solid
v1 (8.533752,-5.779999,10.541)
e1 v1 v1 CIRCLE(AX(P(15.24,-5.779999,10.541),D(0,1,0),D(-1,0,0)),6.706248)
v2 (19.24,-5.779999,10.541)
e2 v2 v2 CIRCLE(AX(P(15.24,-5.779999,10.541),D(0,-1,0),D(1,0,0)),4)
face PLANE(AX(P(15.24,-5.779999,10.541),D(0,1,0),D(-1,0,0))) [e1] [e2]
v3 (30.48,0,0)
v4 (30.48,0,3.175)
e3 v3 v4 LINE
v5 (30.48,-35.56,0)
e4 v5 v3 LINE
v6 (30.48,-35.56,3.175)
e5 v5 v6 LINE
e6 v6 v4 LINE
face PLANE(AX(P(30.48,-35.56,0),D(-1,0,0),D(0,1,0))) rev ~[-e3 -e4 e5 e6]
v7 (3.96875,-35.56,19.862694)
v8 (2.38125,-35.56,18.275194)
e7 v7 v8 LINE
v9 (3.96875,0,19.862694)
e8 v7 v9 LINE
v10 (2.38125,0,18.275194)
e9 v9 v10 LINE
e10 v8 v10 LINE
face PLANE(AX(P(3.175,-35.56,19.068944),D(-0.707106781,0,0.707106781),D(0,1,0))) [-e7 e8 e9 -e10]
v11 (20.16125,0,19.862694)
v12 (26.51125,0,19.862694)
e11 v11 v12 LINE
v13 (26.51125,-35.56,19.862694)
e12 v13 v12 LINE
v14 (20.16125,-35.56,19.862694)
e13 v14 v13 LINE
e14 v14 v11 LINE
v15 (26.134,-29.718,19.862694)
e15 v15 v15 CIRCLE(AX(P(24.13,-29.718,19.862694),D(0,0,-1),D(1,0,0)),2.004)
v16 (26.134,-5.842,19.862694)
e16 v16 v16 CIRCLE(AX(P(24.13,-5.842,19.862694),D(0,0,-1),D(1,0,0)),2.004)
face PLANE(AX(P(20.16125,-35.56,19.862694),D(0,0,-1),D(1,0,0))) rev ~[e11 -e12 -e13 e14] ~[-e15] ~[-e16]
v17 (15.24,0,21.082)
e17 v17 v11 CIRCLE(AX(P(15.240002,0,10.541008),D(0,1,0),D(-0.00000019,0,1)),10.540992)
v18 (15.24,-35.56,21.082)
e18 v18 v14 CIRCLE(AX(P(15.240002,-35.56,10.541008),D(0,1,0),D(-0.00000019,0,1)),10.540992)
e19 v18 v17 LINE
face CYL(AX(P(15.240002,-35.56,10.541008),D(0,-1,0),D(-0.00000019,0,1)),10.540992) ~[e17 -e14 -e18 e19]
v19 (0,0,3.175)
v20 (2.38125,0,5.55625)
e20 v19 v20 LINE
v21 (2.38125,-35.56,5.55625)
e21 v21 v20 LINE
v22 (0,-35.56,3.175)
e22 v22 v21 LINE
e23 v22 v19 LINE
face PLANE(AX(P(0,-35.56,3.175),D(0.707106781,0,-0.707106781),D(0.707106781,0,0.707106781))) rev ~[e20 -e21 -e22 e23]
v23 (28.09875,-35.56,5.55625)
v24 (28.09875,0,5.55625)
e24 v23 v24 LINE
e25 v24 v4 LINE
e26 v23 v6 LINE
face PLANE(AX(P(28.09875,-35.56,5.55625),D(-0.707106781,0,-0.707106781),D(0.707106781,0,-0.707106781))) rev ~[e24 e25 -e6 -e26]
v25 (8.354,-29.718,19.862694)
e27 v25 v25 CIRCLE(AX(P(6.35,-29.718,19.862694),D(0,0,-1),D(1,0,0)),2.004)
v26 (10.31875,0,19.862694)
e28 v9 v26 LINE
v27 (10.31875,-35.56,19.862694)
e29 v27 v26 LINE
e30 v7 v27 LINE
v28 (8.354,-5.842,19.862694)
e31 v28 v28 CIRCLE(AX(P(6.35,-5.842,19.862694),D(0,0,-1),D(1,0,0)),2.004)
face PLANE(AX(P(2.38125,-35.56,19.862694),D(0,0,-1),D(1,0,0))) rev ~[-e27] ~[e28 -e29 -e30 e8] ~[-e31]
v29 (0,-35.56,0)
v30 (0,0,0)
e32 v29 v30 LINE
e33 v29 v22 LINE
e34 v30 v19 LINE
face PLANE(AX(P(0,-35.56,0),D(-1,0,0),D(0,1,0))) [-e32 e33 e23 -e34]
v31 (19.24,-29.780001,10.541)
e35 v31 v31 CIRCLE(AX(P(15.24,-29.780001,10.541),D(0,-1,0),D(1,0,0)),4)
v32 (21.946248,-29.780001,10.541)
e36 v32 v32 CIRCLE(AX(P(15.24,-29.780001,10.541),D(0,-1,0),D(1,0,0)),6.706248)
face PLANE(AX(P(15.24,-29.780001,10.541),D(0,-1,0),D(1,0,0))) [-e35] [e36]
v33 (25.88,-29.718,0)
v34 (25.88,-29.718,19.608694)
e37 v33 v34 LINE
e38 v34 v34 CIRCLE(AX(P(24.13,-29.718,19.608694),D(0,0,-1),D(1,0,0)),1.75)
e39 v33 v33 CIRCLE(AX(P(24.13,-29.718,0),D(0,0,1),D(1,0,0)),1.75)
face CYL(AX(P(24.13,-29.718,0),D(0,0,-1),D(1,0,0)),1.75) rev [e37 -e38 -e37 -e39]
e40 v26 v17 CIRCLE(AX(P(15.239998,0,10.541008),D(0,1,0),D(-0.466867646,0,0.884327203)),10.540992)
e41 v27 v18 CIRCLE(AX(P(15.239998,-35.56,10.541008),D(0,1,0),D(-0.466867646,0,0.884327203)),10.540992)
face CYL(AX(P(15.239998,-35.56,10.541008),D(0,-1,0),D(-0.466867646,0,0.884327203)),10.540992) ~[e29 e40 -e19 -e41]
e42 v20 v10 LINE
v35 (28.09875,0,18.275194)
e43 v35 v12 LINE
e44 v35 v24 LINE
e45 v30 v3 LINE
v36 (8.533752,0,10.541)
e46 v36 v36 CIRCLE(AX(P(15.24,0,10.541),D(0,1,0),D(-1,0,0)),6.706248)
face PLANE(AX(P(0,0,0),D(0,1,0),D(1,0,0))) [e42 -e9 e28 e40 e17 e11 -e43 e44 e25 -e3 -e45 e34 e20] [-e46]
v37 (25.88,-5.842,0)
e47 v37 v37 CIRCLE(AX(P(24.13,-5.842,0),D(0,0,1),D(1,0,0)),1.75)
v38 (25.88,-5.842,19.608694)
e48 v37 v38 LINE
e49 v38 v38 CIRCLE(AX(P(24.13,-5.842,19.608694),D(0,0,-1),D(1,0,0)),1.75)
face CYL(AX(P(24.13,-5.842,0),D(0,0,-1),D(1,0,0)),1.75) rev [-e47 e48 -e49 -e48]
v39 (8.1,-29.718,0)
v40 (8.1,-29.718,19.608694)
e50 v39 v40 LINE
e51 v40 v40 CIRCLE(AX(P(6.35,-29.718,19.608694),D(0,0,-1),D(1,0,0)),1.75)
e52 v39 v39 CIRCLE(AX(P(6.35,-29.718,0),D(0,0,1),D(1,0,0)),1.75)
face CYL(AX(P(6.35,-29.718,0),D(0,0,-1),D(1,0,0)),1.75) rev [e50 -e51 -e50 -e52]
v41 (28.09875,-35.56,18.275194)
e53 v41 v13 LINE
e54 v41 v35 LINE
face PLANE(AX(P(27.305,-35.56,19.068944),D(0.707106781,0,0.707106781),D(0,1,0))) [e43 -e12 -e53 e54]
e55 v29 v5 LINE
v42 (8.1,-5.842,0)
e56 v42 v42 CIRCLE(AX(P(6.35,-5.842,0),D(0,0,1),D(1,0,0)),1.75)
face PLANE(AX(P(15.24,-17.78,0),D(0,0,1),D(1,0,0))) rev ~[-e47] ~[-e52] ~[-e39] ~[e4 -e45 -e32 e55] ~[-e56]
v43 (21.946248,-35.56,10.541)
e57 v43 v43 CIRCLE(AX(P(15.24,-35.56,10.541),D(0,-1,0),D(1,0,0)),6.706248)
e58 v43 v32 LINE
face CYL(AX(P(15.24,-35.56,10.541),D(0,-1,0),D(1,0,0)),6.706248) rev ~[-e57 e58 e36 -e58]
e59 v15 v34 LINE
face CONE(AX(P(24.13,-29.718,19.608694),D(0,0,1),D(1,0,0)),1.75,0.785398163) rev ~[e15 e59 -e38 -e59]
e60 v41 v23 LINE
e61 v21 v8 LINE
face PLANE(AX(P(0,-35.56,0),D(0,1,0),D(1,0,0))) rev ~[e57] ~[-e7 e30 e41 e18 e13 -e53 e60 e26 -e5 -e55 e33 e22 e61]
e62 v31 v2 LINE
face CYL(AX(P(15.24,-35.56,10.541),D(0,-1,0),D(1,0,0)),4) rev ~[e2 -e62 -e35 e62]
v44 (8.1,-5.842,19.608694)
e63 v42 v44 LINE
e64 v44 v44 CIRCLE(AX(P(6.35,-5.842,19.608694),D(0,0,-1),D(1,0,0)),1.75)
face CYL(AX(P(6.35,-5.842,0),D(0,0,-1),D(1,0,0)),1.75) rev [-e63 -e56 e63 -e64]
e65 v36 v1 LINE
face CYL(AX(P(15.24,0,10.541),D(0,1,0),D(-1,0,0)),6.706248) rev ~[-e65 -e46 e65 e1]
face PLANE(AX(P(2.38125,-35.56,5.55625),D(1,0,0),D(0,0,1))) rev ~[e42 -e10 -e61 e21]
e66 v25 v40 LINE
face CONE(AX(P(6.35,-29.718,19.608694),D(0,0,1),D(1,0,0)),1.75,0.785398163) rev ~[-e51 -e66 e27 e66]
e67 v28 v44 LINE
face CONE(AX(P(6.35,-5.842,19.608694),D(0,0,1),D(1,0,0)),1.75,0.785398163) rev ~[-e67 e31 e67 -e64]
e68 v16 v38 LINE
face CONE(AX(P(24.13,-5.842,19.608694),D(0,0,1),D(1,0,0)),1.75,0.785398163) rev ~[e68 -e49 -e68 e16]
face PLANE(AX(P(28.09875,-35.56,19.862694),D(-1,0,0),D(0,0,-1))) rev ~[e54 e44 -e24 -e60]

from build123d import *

# Parameters (mm, degrees)
F0_W     = 30.48
F0_H     = 35.56
F0_R     = 1.75
F1_DEPTH = 21.082
F2_R     = 4
F3_DEPTH = 35.56
F4_SIZE  = 1.5875
F5_SIZE  = 0.254
F6_R     = 6.706248
F7_DEPTH = 5.779999
F8_R     = 6.706248
F9_DEPTH = 5.779999


with BuildPart() as f1:
    # F0 (on Top) → F1 (new body)
    with BuildSketch(Plane.XY):
        with Locations((15.24, -17.78)):
            Rectangle(F0_W, F0_H)
        with Locations((6.35, -29.718)):
            Circle(F0_R, mode=Mode.SUBTRACT)
        with Locations((24.13, -29.718)):
            Circle(F0_R, mode=Mode.SUBTRACT)
        with Locations((6.35, -5.842)):
            Circle(F0_R, mode=Mode.SUBTRACT)
        with Locations((24.13, -5.842)):
            Circle(F0_R, mode=Mode.SUBTRACT)
    extrude(amount=F1_DEPTH)

    # F2 (on face) → F3 (cut, through all)
    with BuildSketch(Plane.XZ.offset(35.56)):
        with Locations((15.24, 10.541)):
            Circle(F2_R)
        with BuildLine():
            ThreePointArc((10.31875, 19.862694), (12.704975, 20.772634), (15.24, 21.082))
            Line((15.24, 21.082), (0, 21.082))
            Line((0, 21.082), (0, 3.175))
            Line((0, 3.175), (2.38125, 5.55625))
            Line((2.38125, 5.55625), (2.38125, 19.862694))
            Line((2.38125, 19.862694), (10.31875, 19.862694))
        make_face()
        with BuildLine():
            ThreePointArc((15.24, 21.082), (17.775025, 20.772634), (20.16125, 19.862694))
            Line((20.16125, 19.862694), (28.09875, 19.862694))
            Line((28.09875, 19.862694), (28.09875, 5.55625))
            Line((28.09875, 5.55625), (30.48, 3.175))
            Line((30.48, 3.175), (30.48, 21.082))
            Line((30.48, 21.082), (15.24, 21.082))
        make_face()
    extrude(amount=-F3_DEPTH, mode=Mode.SUBTRACT)

    # F4
    f4_edges = [f1.edges().sort_by_distance(p)[0] for p in [
        (28.09875, -17.78, 19.862694),
        (2.38125, -17.78, 19.862694),
    ]]
    chamfer(f4_edges, length=F4_SIZE)

    # F5
    f5_edges = [f1.edges().sort_by_distance(p)[0] for p in [
        (22.38, -29.718, 19.862694),
        (22.38, -5.842, 19.862694),
        (4.6, -5.842, 19.862694),
        (4.6, -29.718, 19.862694),
    ]]
    chamfer(f5_edges, length=F5_SIZE)

    # F6 (on face) → F7 (cut)
    with BuildSketch(Plane.XZ.offset(35.56)):
        with Locations((15.24, 10.541)):
            Circle(F6_R)
    extrude(amount=-F7_DEPTH, mode=Mode.SUBTRACT)

    # F8 (on face) → F9 (cut)
    with BuildSketch(Plane(origin=(0, 0, 0), x_dir=(-1, 0, 0), z_dir=(0, 1, 0))):
        with Locations((-15.24, 10.541)):
            Circle(F8_R)
    extrude(amount=-F9_DEPTH, mode=Mode.SUBTRACT)


solid = f1.part
